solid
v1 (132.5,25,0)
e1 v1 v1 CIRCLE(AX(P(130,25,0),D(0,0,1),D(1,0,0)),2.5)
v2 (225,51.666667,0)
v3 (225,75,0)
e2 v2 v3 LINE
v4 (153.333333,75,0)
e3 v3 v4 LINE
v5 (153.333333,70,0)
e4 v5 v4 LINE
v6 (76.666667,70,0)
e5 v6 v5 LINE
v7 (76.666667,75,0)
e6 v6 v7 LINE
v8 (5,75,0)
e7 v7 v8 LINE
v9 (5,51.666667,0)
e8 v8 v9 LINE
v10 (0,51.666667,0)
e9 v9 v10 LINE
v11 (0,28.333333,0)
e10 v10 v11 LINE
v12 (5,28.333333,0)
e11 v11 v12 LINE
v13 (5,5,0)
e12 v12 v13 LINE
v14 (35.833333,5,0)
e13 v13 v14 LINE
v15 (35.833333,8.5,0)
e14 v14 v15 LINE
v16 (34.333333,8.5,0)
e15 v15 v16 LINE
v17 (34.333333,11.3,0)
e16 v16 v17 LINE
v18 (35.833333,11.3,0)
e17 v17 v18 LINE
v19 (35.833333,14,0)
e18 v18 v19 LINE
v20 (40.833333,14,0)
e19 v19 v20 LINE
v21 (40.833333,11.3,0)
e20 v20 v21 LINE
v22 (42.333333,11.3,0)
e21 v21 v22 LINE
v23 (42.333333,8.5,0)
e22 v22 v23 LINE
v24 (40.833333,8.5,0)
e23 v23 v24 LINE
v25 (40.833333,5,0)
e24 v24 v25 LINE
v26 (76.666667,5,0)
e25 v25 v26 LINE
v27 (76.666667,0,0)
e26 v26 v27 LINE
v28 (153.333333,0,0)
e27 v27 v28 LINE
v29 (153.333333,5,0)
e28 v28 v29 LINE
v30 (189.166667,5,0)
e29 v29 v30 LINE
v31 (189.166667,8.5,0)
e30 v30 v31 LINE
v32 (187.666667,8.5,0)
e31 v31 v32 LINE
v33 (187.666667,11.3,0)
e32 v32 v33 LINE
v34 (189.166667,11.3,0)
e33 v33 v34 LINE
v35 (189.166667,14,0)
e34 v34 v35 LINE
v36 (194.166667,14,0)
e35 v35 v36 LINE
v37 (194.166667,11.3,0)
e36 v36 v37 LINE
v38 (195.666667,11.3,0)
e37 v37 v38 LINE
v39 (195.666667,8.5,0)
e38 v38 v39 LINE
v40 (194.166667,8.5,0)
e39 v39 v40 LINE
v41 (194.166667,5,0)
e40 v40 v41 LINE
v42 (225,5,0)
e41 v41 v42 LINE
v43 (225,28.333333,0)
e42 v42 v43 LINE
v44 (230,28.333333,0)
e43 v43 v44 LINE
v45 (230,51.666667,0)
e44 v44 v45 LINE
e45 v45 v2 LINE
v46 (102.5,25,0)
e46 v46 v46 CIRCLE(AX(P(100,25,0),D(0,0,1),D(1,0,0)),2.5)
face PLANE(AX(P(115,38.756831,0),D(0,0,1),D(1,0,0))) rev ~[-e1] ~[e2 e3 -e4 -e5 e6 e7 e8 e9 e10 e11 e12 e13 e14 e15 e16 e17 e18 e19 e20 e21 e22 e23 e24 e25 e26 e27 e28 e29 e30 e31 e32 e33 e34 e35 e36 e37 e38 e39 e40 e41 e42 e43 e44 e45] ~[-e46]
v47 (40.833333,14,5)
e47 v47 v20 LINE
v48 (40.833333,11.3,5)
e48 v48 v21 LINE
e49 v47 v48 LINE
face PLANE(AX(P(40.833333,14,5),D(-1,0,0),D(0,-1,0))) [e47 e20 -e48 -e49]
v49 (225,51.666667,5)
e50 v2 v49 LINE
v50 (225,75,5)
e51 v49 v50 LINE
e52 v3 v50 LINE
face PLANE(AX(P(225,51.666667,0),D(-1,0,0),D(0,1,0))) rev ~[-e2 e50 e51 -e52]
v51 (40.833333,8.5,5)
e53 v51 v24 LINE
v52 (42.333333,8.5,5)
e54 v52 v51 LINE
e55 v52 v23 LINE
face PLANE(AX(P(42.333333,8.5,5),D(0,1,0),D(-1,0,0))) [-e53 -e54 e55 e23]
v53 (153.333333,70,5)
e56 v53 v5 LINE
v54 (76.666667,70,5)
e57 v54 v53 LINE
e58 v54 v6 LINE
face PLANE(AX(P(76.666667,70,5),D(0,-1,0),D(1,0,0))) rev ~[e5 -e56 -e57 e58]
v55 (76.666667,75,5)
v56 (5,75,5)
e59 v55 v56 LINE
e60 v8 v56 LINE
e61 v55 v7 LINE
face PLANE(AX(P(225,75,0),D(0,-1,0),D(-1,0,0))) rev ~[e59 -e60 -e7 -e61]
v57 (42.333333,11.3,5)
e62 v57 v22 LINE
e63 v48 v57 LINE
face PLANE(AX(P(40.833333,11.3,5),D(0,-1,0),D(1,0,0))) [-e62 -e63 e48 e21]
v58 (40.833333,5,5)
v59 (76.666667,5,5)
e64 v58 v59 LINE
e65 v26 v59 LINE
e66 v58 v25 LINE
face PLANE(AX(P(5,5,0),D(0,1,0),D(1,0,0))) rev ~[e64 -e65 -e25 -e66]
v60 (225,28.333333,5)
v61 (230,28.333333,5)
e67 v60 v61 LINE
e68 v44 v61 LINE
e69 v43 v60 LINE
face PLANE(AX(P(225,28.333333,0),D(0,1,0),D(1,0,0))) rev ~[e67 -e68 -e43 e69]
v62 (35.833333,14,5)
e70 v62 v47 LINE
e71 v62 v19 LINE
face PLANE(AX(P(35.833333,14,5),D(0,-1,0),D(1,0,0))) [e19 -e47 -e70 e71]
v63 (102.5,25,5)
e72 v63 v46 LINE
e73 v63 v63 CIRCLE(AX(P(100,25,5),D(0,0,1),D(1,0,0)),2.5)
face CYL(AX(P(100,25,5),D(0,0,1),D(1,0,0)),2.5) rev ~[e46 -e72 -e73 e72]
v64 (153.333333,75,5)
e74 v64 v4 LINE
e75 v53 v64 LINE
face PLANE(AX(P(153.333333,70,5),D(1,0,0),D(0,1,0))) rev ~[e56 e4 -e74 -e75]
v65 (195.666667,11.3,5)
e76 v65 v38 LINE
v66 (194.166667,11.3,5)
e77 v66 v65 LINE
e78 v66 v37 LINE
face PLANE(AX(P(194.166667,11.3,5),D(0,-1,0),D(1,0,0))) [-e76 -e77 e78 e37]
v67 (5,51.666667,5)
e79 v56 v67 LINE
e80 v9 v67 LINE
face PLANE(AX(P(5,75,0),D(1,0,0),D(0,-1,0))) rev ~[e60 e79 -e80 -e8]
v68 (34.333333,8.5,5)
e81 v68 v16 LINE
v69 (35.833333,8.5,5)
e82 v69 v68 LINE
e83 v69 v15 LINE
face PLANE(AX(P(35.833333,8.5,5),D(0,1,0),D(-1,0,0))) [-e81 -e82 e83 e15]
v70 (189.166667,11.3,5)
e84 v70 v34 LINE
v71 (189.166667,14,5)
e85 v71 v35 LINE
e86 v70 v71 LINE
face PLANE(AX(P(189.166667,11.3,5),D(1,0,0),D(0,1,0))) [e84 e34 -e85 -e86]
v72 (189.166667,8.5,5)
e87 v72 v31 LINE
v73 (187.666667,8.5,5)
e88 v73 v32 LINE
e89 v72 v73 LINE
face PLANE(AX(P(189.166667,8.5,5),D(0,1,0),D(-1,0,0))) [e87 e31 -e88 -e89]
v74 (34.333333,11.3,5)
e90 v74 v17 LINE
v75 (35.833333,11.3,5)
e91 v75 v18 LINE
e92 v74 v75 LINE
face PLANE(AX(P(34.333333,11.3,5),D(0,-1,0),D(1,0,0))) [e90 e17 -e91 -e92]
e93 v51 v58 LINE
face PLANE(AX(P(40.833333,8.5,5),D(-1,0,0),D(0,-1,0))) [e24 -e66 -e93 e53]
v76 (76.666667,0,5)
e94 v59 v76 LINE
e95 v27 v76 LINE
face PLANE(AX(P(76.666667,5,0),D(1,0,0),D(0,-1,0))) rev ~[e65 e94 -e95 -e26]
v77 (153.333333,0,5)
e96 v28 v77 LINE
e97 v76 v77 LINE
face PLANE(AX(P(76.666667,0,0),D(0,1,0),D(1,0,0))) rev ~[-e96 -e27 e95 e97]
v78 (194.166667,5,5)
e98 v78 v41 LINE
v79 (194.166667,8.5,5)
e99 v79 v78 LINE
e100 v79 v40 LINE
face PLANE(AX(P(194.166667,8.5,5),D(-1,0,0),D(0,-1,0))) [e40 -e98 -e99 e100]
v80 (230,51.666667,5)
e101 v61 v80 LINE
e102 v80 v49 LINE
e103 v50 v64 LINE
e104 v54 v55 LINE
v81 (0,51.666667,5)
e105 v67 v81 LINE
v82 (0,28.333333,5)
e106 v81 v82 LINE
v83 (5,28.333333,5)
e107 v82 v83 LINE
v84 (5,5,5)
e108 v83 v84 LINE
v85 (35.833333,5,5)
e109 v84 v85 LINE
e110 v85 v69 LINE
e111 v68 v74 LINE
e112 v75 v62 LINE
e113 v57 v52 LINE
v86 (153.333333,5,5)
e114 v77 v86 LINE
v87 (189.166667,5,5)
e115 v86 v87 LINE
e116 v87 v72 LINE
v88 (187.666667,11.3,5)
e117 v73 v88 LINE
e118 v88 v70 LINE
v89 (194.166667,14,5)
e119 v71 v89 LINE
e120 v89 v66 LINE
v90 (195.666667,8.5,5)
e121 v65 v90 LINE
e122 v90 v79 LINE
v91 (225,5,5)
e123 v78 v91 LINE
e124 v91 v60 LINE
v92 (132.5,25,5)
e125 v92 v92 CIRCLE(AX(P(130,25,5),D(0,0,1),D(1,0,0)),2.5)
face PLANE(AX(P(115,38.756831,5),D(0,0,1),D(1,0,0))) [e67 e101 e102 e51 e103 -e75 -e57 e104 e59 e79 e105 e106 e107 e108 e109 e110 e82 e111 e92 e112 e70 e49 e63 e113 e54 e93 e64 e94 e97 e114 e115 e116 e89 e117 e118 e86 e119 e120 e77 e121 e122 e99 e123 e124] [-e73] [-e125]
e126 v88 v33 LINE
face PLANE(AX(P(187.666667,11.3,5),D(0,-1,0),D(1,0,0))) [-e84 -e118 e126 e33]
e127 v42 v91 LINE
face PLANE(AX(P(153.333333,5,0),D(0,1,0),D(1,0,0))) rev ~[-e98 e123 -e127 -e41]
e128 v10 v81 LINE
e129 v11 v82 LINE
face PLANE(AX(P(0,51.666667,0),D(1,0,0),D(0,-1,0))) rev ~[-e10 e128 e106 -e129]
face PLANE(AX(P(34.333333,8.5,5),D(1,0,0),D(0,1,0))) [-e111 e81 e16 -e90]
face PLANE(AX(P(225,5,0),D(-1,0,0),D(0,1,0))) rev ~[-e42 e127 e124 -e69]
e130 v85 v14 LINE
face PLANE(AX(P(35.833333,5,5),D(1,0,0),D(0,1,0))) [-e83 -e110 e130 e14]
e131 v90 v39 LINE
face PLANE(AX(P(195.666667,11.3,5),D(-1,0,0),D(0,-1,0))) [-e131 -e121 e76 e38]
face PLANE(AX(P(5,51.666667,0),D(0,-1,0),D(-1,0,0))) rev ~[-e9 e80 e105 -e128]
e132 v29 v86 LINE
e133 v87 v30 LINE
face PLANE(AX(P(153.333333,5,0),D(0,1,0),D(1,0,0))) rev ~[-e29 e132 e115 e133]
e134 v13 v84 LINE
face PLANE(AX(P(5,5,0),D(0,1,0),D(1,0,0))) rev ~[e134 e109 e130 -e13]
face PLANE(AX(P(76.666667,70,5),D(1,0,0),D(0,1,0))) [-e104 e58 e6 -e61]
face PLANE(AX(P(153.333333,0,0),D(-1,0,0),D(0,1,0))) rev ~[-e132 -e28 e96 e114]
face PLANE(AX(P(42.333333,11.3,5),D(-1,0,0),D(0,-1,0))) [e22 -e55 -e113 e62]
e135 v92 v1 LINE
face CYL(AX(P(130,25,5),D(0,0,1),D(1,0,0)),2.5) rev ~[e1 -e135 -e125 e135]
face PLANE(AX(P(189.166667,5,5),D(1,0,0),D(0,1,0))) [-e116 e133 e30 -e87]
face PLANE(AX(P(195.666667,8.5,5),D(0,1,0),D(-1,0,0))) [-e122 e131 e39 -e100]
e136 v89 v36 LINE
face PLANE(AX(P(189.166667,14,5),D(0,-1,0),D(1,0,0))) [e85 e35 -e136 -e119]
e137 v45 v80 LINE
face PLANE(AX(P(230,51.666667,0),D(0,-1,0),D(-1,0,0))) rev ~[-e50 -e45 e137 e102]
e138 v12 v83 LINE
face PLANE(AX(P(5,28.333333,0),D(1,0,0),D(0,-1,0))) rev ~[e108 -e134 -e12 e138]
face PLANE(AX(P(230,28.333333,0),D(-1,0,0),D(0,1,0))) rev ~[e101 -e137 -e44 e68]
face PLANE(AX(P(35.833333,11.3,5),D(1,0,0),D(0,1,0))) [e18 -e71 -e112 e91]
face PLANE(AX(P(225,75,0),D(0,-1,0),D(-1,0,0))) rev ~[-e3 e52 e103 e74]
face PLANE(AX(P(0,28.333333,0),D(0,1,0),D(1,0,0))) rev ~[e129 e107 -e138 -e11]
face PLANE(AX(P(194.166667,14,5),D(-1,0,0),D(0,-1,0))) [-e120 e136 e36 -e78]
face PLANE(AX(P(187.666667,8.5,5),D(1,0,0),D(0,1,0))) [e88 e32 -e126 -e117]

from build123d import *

# Parameters (mm, degrees)
SALIENTE_EXTRUIR1_DEPTH = 5
CORTAR_EXTRUIR1_DEPTH   = 5
CROQUIS3_W              = 76.666666666
CROQUIS3_H              = 5
CORTAR_EXTRUIR2_DEPTH   = 10
CROQUIS4_R              = 2.5
CORTAR_EXTRUIR3_DEPTH   = 10


with BuildPart() as part:
    # Croquis1 → Saliente-Extruir1 (new body)
    with BuildSketch(Plane.XY):
        Polygon((76.666666667, 5), (76.666666667, 0), (153.333333333, 0), (153.333333333, 5), (225, 5), (225, 28.333333333), (230, 28.333333333), (230, 51.666666667), (225, 51.666666667), (225, 75), (5, 75), (5, 51.666666667), (0, 51.666666667), (0, 28.333333333), (5, 28.333333333), (5, 5), align=None)
    extrude(amount=SALIENTE_EXTRUIR1_DEPTH)

    # Croquis2 → Cortar-Extruir1 (cut)
    with BuildSketch(Plane.XY.offset(5)):
        Polygon((35.833333333, 5), (35.833333333, 8.5), (34.333333333, 8.5), (34.333333333, 11.3), (35.833333333, 11.3), (35.833333333, 14), (40.833333333, 14), (40.833333333, 11.3), (42.333333333, 11.3), (42.333333333, 8.5), (40.833333333, 8.5), (40.833333333, 5), align=None)
        Polygon((189.166666667, 5), (189.166666667, 8.5), (187.666666667, 8.5), (187.666666667, 11.3), (189.166666667, 11.3), (189.166666667, 14), (194.166666667, 14), (194.166666667, 11.3), (195.666666667, 11.3), (195.666666667, 8.5), (194.166666667, 8.5), (194.166666667, 5), align=None)
    extrude(amount=-CORTAR_EXTRUIR1_DEPTH, mode=Mode.SUBTRACT)

    # Croquis3 → Cortar-Extruir2 (cut)
    with BuildSketch(Plane.XY.offset(5)):
        with Locations((115, 72.5)):
            Rectangle(CROQUIS3_W, CROQUIS3_H)
    extrude(amount=-CORTAR_EXTRUIR2_DEPTH, mode=Mode.SUBTRACT)

    # Croquis4 → Cortar-Extruir3 (cut)
    with BuildSketch(Plane.XY.offset(5)):
        with Locations((100, 25)):
            Circle(CROQUIS4_R)
        with Locations((130, 25)):
            Circle(CROQUIS4_R)
    extrude(amount=-CORTAR_EXTRUIR3_DEPTH, mode=Mode.SUBTRACT)


solid = part.part
